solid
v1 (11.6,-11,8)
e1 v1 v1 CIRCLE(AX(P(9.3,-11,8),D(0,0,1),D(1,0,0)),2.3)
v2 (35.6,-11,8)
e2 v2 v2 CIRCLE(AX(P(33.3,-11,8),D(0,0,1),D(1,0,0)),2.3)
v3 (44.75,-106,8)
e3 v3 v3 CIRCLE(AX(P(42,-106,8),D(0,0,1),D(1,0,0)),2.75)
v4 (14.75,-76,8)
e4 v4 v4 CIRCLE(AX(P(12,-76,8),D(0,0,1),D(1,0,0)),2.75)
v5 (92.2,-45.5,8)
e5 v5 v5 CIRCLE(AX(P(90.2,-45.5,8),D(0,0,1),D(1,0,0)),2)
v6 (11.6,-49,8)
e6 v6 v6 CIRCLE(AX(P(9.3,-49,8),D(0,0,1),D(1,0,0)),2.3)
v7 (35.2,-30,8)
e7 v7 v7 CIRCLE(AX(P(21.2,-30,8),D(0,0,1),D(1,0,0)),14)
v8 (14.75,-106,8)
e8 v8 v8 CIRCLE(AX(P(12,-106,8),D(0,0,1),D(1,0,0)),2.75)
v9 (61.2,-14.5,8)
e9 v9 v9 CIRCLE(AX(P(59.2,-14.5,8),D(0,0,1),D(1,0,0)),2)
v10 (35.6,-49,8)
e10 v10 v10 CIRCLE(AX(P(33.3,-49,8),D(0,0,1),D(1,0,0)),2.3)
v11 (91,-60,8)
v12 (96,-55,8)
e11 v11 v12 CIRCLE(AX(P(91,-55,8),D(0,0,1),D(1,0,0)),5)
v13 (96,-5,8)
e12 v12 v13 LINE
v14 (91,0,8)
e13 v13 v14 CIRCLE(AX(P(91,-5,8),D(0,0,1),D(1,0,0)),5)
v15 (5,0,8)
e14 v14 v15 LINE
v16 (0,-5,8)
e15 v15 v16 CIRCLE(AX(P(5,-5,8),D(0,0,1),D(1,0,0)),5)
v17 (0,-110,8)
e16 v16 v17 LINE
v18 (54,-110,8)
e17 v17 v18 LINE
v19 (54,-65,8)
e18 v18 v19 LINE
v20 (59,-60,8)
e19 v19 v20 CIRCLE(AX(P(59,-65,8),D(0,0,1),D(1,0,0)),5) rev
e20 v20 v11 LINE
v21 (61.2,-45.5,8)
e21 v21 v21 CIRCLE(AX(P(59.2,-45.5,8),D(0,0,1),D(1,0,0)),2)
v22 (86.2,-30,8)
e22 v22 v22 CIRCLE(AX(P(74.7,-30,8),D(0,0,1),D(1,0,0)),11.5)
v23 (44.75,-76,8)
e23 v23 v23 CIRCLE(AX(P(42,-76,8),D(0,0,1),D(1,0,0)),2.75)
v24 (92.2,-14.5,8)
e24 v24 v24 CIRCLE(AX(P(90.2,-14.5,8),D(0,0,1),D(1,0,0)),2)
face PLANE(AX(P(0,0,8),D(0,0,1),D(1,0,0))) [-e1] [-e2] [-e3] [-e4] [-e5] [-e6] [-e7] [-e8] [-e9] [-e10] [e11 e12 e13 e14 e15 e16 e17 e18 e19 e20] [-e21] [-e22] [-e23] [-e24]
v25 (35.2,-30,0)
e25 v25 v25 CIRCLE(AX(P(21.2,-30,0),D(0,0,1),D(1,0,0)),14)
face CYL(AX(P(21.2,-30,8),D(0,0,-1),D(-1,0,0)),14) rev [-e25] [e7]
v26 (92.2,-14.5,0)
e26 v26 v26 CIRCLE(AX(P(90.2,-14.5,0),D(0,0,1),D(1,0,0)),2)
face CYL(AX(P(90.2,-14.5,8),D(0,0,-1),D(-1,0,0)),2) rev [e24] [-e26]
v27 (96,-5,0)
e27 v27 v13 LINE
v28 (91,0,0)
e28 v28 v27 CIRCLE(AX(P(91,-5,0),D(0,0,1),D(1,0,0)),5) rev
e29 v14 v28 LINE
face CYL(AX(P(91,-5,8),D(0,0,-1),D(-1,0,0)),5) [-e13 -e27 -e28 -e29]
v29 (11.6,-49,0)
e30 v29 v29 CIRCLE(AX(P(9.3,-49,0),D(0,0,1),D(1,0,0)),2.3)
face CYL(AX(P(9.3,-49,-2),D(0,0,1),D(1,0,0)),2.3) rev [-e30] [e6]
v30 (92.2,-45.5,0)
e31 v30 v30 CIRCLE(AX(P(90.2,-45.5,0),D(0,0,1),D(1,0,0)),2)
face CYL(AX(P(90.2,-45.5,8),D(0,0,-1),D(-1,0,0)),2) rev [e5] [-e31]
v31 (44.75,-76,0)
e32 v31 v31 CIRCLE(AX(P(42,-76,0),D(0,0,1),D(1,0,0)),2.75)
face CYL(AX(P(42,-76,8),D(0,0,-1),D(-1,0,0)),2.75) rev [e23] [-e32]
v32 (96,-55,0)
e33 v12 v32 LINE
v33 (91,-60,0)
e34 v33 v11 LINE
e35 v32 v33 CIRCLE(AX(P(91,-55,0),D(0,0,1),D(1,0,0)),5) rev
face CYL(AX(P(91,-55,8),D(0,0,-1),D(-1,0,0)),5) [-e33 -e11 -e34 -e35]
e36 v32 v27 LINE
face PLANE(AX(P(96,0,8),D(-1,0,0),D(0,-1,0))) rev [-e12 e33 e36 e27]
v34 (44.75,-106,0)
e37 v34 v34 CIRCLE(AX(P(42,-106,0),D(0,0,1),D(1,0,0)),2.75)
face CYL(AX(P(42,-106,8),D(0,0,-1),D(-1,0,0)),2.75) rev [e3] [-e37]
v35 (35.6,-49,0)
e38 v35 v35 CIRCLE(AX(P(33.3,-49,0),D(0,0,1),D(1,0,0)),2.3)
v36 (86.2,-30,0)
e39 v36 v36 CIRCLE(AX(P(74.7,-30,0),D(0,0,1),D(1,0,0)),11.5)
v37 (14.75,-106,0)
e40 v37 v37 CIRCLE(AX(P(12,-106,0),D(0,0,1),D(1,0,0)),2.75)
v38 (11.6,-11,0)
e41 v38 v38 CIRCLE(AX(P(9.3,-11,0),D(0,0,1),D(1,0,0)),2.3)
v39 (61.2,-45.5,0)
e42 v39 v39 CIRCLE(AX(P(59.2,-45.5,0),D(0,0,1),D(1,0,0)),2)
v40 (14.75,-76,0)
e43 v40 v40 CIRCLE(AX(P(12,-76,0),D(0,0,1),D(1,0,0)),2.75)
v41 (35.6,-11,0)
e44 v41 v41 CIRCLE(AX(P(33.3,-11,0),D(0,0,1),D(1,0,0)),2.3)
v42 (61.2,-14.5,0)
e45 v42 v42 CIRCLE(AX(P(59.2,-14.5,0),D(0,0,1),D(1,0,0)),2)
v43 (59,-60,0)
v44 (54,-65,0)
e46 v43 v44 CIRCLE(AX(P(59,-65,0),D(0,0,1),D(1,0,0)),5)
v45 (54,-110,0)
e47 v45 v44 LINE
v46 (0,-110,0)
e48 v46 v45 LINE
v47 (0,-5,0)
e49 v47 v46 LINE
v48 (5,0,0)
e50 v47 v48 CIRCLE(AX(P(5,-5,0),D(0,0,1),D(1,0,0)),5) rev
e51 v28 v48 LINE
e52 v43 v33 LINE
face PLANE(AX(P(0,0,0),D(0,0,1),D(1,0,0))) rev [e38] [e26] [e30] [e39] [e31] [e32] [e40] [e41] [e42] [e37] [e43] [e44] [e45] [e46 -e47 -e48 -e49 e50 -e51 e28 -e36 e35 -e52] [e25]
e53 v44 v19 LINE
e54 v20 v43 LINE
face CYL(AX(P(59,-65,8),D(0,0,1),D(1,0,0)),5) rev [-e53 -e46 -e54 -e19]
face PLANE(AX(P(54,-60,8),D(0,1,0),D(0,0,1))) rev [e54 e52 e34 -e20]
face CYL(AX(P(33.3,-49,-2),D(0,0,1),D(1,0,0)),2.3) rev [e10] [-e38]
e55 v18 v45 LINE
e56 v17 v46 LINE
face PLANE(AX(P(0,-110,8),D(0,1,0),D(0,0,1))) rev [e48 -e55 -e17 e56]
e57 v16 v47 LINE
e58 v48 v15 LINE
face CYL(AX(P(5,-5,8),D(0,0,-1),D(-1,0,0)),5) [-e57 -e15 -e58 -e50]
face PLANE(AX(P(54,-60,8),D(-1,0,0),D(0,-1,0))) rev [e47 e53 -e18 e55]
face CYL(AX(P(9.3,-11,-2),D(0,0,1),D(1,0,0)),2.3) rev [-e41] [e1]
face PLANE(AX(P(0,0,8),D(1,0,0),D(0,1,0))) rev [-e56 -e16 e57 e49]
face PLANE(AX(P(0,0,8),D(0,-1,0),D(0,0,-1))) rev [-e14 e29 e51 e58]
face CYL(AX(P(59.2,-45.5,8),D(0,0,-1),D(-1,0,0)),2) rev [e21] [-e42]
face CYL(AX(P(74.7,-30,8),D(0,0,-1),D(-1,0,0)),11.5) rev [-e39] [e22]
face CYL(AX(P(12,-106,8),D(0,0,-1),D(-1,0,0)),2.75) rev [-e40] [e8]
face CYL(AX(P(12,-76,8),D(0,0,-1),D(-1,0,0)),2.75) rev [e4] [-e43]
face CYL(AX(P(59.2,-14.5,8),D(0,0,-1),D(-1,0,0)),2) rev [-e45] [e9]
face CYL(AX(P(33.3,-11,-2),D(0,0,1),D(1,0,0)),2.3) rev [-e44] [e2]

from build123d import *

# Parameters (mm, degrees)
SKETCH_1_R          = 2.75
SKETCH_1_R_2        = 14
SKETCH_1_R_3        = 11.5
SKETCH_1_R_4        = 2
EXTRUDE_1_DEPTH     = 8
FILLET_1_R          = 5
SKETCH_2_R          = 2.3
CUT_EXTRUDE_1_DEPTH = 10


with BuildPart() as part:
    # 草图1 → 凸台-拉伸1 (new body)
    with BuildSketch(Plane.XY):
        Polygon((0, 0), (54, 0), (96, 0), (96, -60), (54, -60), (54, -110), (0, -110), align=None)
        with Locations((12, -106)):
            Circle(SKETCH_1_R, mode=Mode.SUBTRACT)
        with Locations((42, -106)):
            Circle(SKETCH_1_R, mode=Mode.SUBTRACT)
        with Locations((42, -76)):
            Circle(SKETCH_1_R, mode=Mode.SUBTRACT)
        with Locations((12, -76)):
            Circle(SKETCH_1_R, mode=Mode.SUBTRACT)
        with Locations((21.2, -30)):
            Circle(SKETCH_1_R_2, mode=Mode.SUBTRACT)
        with Locations((74.7, -30)):
            Circle(SKETCH_1_R_3, mode=Mode.SUBTRACT)
        with Locations((59.2, -14.5)):
            Circle(SKETCH_1_R_4, mode=Mode.SUBTRACT)
        with Locations((90.2, -14.5)):
            Circle(SKETCH_1_R_4, mode=Mode.SUBTRACT)
        with Locations((90.2, -45.5)):
            Circle(SKETCH_1_R_4, mode=Mode.SUBTRACT)
        with Locations((59.2, -45.5)):
            Circle(SKETCH_1_R_4, mode=Mode.SUBTRACT)
    extrude(amount=EXTRUDE_1_DEPTH)

    # 圆角1
    fillet_1_edges = [part.edges().sort_by_distance(p)[0] for p in [
        (0, 0, 4),
        (96, 0, 4),
        (96, -60, 4),
        (54, -60, 4),
    ]]
    fillet(fillet_1_edges, radius=FILLET_1_R)

    # 草图2 → 切除-拉伸1 (cut)
    with BuildSketch(Plane.XY.offset(8)):
        with Locations((9.3, -11)):
            Circle(SKETCH_2_R)
        with Locations((33.3, -11)):
            Circle(SKETCH_2_R)
        with Locations((33.3, -49)):
            Circle(SKETCH_2_R)
        with Locations((9.3, -49)):
            Circle(SKETCH_2_R)
    extrude(amount=-CUT_EXTRUDE_1_DEPTH, mode=Mode.SUBTRACT)


solid = part.part
